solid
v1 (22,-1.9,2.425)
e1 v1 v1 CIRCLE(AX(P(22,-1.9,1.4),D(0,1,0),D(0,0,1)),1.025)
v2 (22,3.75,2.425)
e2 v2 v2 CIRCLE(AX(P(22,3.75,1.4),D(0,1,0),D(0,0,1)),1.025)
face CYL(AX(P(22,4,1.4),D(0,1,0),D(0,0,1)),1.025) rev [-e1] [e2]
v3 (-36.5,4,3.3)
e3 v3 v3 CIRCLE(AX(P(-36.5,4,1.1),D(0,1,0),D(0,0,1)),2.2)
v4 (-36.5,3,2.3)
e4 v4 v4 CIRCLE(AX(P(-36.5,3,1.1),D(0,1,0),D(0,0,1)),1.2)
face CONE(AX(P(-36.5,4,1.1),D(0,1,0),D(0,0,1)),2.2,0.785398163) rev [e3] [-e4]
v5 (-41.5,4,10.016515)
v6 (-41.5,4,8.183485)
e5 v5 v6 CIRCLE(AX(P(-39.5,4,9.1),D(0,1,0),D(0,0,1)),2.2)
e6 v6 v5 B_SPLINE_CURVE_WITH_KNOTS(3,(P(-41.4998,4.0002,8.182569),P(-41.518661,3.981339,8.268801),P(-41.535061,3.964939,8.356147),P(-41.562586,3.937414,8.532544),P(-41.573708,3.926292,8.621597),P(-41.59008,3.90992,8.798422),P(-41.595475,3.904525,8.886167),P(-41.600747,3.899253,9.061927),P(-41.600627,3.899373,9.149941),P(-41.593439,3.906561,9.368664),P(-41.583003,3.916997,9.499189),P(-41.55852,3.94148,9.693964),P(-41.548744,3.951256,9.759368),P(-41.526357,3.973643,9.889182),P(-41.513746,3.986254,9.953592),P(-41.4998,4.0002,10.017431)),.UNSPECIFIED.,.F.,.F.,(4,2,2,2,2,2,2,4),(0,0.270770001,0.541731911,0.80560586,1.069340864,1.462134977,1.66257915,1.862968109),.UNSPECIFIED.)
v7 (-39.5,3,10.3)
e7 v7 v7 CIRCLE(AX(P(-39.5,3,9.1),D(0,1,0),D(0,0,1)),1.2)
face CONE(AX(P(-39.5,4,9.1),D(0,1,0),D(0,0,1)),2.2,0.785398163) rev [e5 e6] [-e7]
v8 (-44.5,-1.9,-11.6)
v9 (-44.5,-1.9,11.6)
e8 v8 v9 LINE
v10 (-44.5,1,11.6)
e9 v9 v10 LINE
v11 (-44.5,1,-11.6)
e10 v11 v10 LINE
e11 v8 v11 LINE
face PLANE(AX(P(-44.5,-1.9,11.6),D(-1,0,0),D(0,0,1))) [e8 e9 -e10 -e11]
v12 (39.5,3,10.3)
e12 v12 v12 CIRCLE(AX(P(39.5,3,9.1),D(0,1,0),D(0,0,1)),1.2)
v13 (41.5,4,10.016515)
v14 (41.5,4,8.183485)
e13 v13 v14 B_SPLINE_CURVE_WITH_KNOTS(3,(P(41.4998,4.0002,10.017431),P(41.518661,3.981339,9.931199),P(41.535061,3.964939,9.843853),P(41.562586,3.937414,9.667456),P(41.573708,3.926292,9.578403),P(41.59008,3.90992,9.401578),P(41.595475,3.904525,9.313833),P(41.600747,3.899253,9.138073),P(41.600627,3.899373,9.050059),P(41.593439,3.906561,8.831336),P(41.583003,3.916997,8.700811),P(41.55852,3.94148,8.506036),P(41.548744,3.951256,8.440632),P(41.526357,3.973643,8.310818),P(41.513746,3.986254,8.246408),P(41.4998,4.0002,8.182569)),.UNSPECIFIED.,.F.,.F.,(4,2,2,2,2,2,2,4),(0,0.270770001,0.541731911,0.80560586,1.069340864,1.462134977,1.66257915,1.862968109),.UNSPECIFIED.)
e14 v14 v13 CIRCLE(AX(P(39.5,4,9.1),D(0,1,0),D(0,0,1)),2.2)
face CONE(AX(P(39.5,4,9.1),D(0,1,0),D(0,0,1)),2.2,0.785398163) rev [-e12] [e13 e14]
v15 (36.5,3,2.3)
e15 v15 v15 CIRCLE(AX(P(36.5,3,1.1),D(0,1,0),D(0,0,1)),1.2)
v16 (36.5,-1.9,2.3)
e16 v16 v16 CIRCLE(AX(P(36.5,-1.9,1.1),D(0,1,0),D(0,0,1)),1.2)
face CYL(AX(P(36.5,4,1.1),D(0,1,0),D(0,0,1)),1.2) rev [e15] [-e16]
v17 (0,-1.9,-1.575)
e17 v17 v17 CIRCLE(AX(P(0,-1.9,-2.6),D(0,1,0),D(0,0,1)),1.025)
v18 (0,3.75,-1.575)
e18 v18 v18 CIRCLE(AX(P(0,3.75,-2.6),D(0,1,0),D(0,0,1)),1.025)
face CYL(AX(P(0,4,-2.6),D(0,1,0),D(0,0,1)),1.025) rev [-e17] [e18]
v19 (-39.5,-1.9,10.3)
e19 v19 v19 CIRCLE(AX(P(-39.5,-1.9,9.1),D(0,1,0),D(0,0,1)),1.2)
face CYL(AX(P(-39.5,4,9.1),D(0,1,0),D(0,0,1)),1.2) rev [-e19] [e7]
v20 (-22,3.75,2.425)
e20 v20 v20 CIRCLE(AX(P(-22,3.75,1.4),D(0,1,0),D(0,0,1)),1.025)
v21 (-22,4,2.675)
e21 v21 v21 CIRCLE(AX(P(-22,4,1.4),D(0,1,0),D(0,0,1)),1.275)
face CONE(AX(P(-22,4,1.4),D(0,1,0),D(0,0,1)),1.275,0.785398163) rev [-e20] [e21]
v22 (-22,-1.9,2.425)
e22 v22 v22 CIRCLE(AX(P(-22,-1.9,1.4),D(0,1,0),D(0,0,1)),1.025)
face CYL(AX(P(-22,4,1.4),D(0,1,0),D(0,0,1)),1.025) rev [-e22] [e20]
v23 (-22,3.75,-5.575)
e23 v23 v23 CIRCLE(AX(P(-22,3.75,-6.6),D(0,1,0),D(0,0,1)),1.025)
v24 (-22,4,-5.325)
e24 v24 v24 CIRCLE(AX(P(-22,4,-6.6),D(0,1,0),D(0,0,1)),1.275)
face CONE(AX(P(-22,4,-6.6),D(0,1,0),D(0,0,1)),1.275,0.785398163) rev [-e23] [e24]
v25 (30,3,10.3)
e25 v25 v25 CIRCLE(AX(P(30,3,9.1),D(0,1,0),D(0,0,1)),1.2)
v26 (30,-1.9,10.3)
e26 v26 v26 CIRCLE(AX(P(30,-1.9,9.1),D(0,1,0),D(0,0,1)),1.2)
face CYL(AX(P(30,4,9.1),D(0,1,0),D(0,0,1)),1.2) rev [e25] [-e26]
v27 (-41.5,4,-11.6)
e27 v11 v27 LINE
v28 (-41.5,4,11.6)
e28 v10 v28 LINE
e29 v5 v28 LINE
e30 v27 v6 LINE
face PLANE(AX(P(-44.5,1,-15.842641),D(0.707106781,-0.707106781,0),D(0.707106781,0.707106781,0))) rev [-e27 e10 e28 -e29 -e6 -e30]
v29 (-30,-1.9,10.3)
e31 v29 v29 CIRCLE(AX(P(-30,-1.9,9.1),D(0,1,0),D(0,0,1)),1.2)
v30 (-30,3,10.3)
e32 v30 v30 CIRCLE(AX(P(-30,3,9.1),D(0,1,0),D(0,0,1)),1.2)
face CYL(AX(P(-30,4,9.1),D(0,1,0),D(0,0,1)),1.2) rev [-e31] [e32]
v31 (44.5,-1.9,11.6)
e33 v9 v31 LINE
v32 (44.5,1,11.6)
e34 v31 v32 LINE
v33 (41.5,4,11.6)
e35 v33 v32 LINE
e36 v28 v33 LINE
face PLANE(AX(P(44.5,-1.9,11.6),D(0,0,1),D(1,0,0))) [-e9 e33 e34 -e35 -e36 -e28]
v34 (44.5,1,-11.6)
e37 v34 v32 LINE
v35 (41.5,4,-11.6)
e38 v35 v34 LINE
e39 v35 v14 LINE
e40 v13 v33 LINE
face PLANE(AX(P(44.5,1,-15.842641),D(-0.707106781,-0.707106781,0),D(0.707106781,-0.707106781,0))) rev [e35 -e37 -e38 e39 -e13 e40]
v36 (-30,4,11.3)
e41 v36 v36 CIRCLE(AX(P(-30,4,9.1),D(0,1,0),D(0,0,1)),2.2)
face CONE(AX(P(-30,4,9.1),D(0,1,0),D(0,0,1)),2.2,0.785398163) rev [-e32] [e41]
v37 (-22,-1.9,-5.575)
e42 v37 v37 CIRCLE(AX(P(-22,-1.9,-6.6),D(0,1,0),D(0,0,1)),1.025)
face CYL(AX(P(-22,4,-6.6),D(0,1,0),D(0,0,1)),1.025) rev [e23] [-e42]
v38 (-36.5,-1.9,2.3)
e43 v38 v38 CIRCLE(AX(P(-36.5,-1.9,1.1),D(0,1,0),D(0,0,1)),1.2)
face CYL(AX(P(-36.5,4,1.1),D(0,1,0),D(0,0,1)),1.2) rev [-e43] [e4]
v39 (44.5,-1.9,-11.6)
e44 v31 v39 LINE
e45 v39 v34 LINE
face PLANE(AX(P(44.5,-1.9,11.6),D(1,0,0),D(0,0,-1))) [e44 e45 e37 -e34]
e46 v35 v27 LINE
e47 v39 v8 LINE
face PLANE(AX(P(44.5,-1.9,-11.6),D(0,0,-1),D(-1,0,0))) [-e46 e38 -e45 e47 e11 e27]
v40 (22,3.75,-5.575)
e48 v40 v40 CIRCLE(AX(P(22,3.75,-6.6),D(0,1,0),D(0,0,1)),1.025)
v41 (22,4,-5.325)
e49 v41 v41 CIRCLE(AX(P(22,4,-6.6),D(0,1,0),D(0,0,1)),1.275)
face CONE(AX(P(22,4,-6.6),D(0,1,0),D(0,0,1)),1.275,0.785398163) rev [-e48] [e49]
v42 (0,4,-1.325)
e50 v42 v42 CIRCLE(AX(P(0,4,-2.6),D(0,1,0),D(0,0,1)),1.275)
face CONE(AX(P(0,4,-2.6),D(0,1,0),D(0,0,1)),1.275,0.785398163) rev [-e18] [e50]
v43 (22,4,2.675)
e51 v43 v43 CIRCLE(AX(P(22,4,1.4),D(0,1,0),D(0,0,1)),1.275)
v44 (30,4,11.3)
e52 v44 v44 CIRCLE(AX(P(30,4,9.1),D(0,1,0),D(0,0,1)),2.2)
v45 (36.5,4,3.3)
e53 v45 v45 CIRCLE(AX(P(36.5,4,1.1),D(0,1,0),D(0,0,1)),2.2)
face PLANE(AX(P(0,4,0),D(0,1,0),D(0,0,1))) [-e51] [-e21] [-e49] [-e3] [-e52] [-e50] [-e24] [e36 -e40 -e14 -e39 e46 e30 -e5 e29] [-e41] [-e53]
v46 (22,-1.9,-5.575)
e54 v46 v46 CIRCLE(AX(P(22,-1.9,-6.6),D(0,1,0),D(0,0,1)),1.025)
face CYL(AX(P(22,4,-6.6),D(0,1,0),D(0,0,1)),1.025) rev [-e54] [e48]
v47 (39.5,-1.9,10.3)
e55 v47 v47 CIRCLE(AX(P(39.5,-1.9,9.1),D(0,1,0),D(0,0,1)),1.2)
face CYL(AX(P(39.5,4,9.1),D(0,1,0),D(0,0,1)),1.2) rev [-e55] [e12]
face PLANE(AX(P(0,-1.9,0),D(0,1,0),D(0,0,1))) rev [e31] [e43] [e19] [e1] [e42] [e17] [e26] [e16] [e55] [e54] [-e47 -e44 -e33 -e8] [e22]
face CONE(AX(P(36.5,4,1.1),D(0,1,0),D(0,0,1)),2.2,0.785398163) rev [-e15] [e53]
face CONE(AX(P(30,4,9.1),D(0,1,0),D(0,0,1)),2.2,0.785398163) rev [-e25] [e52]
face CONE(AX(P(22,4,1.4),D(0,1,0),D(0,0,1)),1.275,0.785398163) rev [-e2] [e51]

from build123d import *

# Parameters (mm, degrees)
SKETCH1_W                                       = 89
SKETCH1_H                                       = 23.2
BOSS_EXTRUDE1_DEPTH                             = 4
BOSS_EXTRUDE1_DEPTH_BACK                        = 1.9
M2_5X0_45_TAPPED_HOLE2_D                        = 2.05
M2_5X0_45_TAPPED_HOLE2_CSINK_D                  = 2.55
M2_5X0_45_TAPPED_HOLE2_CSINK_ANGLE              = 90
CSK_FOR_M2_FLAT_HEAD_MACHINE_SCREW1_D           = 2.4
CSK_FOR_M2_FLAT_HEAD_MACHINE_SCREW1_DEPTH       = 6.45
CSK_FOR_M2_FLAT_HEAD_MACHINE_SCREW1_CSINK_D     = 4.4
CSK_FOR_M2_FLAT_HEAD_MACHINE_SCREW1_CSINK_ANGLE = 90
CSK_FOR_M2_FLAT_HEAD_MACHINE_SCREW1_TIP         = 0.721032743
CUT_EXTRUDE1_DEPTH                              = 23.2


with BuildPart() as part:
    # Sketch1 → Boss-Extrude1 (new body, two sides)
    with BuildSketch(Plane(origin=(0, 0, 0), x_dir=(1, 0, 0), z_dir=(0, 1, 0))) as boss_extrude1_sk:
        Rectangle(SKETCH1_W, SKETCH1_H)
    extrude(amount=BOSS_EXTRUDE1_DEPTH)
    extrude(boss_extrude1_sk.sketch, amount=-BOSS_EXTRUDE1_DEPTH_BACK)

    # M2.5x0.45 Tapped Hole2 (through all)
    with Locations(Plane(origin=(0, 4, 0), x_dir=(1, 0, 0), z_dir=(0, 1, 0))):
        with Locations((-22, 6.6), (-22, -1.4), (22, -1.4), (22, 6.6), (0, 2.6)):
            CounterSinkHole(M2_5X0_45_TAPPED_HOLE2_D / 2, M2_5X0_45_TAPPED_HOLE2_CSINK_D / 2, counter_sink_angle=M2_5X0_45_TAPPED_HOLE2_CSINK_ANGLE)

    # CSK for M2 Flat Head Machine Screw1
    with Locations(Plane(origin=(0, 4, 0), x_dir=(1, 0, 0), z_dir=(0, 1, 0))):
        with Locations((-36.5, -1.1), (-39.5, -9.1), (-30, -9.1), (30, -9.1), (39.5, -9.1), (36.5, -1.1)):
            CounterSinkHole(CSK_FOR_M2_FLAT_HEAD_MACHINE_SCREW1_D / 2, CSK_FOR_M2_FLAT_HEAD_MACHINE_SCREW1_CSINK_D / 2, depth=CSK_FOR_M2_FLAT_HEAD_MACHINE_SCREW1_DEPTH, counter_sink_angle=CSK_FOR_M2_FLAT_HEAD_MACHINE_SCREW1_CSINK_ANGLE)
            with Locations((0, 0, -(CSK_FOR_M2_FLAT_HEAD_MACHINE_SCREW1_DEPTH + CSK_FOR_M2_FLAT_HEAD_MACHINE_SCREW1_TIP / 2))):  # 118° drill point
                Cone(0, CSK_FOR_M2_FLAT_HEAD_MACHINE_SCREW1_D / 2, CSK_FOR_M2_FLAT_HEAD_MACHINE_SCREW1_TIP, mode=Mode.SUBTRACT)

    # Sketch8 → Cut-Extrude1 (cut)
    with BuildSketch(Plane.XY.offset(11.6)):
        Polygon((41.5, 4), (44.5, 4), (44.5, 1), align=None)
        Polygon((-44.5, 4), (-44.5, 1), (-41.5, 4), align=None)
    extrude(amount=-CUT_EXTRUDE1_DEPTH, mode=Mode.SUBTRACT)


solid = part.part
